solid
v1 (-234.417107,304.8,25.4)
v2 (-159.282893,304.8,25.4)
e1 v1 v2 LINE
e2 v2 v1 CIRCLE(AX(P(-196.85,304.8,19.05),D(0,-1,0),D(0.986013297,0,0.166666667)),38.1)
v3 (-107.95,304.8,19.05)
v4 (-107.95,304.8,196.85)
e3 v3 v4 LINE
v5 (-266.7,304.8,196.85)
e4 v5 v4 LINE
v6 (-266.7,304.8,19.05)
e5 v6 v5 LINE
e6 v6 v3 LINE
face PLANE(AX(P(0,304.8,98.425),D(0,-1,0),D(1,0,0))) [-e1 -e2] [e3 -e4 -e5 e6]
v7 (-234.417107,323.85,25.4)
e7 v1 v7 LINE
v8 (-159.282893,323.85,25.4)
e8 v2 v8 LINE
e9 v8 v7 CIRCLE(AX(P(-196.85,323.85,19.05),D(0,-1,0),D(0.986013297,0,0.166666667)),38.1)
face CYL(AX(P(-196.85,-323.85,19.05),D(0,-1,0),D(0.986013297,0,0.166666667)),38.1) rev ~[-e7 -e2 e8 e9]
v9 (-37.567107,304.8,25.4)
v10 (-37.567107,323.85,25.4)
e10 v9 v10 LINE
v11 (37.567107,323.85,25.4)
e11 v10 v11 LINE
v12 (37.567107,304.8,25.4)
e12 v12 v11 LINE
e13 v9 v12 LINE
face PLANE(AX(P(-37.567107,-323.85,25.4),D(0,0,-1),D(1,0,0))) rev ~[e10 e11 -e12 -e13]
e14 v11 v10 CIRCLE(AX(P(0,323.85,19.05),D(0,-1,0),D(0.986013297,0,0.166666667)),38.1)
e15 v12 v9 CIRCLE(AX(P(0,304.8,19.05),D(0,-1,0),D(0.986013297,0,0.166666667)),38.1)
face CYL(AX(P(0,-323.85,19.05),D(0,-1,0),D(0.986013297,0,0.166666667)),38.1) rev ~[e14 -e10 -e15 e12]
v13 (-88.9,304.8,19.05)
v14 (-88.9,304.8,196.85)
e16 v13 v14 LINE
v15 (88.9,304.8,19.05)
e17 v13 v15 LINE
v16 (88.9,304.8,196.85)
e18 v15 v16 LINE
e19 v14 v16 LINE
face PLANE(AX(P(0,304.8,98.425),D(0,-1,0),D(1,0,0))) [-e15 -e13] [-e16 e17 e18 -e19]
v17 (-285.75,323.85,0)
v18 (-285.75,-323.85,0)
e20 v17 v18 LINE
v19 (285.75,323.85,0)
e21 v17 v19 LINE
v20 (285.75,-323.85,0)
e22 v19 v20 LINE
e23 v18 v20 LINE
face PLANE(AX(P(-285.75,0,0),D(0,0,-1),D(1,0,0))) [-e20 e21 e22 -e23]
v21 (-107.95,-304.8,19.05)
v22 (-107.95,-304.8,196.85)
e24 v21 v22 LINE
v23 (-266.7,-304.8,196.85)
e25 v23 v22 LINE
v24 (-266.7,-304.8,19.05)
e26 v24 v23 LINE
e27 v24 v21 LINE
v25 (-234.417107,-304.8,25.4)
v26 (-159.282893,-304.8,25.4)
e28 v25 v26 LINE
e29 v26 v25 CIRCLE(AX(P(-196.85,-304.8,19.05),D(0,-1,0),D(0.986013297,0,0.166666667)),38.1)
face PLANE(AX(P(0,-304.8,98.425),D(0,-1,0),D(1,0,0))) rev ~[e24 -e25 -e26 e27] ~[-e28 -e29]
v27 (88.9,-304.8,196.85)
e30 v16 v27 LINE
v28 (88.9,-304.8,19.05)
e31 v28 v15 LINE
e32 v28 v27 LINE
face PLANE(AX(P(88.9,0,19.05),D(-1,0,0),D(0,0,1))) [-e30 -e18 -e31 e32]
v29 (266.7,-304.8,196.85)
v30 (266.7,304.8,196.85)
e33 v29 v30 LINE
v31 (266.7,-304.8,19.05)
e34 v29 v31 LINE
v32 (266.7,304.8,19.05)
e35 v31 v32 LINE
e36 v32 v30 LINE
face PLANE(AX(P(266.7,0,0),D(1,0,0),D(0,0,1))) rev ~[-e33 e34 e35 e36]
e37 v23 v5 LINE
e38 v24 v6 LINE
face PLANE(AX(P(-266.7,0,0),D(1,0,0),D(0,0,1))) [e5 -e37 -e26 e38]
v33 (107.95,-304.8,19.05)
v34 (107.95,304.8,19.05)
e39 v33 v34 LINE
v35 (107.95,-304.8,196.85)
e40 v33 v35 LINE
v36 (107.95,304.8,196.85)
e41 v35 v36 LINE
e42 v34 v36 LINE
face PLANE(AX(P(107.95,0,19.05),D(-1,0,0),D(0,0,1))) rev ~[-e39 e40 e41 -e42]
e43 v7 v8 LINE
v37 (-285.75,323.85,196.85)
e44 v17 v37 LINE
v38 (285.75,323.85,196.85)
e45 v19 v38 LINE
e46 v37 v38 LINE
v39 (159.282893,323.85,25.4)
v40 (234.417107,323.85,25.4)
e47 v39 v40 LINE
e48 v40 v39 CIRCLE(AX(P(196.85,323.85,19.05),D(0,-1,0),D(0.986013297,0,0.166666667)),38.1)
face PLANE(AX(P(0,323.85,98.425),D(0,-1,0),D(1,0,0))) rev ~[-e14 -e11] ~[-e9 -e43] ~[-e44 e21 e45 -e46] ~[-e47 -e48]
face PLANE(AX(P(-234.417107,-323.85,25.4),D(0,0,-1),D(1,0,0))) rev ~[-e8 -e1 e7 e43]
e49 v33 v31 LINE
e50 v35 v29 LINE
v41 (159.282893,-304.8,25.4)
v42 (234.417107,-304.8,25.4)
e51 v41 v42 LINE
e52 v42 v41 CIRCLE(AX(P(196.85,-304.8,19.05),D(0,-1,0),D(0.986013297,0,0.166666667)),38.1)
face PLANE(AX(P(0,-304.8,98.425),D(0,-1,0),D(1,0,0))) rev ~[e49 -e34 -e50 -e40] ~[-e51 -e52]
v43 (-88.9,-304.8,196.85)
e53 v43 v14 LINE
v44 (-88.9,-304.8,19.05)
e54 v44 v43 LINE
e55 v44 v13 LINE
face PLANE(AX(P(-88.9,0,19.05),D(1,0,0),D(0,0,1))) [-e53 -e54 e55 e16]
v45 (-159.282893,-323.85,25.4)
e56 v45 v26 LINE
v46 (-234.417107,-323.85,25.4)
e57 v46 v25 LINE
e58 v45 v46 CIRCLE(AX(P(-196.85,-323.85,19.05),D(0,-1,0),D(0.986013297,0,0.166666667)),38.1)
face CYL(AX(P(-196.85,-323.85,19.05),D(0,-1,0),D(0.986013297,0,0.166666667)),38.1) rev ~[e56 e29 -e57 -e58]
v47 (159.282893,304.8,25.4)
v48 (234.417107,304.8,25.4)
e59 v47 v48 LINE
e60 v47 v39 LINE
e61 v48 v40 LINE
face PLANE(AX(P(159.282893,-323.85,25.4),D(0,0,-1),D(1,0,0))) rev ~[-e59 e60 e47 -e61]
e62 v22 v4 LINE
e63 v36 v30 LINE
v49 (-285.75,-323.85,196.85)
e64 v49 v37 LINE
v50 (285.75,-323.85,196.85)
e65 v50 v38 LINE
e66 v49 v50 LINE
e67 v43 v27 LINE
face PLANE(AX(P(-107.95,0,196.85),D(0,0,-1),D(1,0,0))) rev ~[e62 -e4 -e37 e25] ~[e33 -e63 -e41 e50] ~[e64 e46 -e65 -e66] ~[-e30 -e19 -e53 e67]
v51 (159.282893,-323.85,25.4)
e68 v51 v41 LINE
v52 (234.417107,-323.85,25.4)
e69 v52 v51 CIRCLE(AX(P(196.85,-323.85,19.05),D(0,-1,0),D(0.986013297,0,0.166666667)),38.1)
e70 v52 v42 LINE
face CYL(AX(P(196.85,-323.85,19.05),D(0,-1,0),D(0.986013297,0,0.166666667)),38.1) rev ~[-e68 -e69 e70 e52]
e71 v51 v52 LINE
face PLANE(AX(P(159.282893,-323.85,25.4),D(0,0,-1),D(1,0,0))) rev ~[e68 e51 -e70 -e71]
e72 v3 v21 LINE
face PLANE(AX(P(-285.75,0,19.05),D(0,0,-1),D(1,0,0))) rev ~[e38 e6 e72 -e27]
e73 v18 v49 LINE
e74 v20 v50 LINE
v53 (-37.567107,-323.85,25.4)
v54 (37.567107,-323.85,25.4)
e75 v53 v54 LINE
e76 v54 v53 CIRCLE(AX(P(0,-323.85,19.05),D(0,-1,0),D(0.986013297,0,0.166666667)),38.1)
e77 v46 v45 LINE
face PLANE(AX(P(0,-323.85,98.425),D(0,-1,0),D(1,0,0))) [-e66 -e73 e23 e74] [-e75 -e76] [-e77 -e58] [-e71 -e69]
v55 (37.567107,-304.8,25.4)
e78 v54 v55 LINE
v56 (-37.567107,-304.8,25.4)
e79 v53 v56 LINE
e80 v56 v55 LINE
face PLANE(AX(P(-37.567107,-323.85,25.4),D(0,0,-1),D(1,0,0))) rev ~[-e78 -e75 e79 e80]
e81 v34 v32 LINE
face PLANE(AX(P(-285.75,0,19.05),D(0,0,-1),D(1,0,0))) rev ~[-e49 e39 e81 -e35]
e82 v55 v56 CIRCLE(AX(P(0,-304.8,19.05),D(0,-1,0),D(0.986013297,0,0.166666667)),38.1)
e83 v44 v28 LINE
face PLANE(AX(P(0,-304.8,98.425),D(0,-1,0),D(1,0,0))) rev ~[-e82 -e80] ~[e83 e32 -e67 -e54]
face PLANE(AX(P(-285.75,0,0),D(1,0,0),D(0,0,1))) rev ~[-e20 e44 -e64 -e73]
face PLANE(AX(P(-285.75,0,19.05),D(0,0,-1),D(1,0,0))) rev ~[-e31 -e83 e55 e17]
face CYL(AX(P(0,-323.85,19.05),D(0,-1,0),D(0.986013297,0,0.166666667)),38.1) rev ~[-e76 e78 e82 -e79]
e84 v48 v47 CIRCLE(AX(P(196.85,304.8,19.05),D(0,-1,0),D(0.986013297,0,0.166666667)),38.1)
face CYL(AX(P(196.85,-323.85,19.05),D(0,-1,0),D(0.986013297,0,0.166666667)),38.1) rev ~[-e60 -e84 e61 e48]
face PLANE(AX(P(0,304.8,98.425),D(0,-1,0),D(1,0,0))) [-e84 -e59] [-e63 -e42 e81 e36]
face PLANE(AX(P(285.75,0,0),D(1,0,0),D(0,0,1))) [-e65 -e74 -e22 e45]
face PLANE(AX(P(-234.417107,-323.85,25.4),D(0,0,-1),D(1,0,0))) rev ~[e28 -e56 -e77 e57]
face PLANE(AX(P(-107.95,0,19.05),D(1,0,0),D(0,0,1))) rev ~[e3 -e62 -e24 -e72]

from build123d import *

# Parameters (mm, degrees)
F0_W          = 571.5
F0_H          = 196.85
F1_DEPTH      = 323.85
F2_T          = -19.05
F4_DEPTH      = 647.701
F5_W          = 19.05
F5_H          = 177.8
F6_DEPTH      = 304.8
F6_DEPTH_BACK = 304.8


with BuildPart() as f1:
    # F0 (on Front) → F1 (new body, symmetric)
    with BuildSketch(Plane.XZ):
        with Locations((0, 98.425)):
            Rectangle(F0_W, F0_H)
    extrude(amount=F1_DEPTH, both=True)

    # F2
    f2_openings = [f1.faces().sort_by_distance(p)[0] for p in [
        (0, 0, 196.85),
    ]]
    offset(amount=F2_T, openings=f2_openings)

    # F3 (on face) → F4 (cut, through all)
    with BuildSketch(Plane.XZ.offset(323.85)):
        with BuildLine():
            Line((-234.4171066227, 25.4), (-159.2828933773, 25.4))
            ThreePointArc((-159.2828933773, 25.4), (-196.85, 57.15), (-234.4171066227, 25.4))
        make_face()
        with BuildLine():
            Line((-37.5671066227, 25.4), (37.5671066227, 25.4))
            ThreePointArc((37.5671066227, 25.4), (0, 57.15), (-37.5671066227, 25.4))
        make_face()
        with BuildLine():
            ThreePointArc((234.4171066227, 25.4), (196.85, 57.15), (159.2828933773, 25.4))
            Line((159.2828933773, 25.4), (234.4171066227, 25.4))
        make_face()
    extrude(amount=-F4_DEPTH, mode=Mode.SUBTRACT)

    # F5 (on Front) → F6 (join, two sides)
    with BuildSketch(Plane.XZ) as f6_sk:
        with Locations((-98.425, 107.95)):
            Rectangle(F5_W, F5_H)
        with Locations((98.425, 107.95)):
            Rectangle(F5_W, F5_H)
    extrude(amount=F6_DEPTH)
    extrude(f6_sk.sketch, amount=-F6_DEPTH_BACK)


solid = f1.part
